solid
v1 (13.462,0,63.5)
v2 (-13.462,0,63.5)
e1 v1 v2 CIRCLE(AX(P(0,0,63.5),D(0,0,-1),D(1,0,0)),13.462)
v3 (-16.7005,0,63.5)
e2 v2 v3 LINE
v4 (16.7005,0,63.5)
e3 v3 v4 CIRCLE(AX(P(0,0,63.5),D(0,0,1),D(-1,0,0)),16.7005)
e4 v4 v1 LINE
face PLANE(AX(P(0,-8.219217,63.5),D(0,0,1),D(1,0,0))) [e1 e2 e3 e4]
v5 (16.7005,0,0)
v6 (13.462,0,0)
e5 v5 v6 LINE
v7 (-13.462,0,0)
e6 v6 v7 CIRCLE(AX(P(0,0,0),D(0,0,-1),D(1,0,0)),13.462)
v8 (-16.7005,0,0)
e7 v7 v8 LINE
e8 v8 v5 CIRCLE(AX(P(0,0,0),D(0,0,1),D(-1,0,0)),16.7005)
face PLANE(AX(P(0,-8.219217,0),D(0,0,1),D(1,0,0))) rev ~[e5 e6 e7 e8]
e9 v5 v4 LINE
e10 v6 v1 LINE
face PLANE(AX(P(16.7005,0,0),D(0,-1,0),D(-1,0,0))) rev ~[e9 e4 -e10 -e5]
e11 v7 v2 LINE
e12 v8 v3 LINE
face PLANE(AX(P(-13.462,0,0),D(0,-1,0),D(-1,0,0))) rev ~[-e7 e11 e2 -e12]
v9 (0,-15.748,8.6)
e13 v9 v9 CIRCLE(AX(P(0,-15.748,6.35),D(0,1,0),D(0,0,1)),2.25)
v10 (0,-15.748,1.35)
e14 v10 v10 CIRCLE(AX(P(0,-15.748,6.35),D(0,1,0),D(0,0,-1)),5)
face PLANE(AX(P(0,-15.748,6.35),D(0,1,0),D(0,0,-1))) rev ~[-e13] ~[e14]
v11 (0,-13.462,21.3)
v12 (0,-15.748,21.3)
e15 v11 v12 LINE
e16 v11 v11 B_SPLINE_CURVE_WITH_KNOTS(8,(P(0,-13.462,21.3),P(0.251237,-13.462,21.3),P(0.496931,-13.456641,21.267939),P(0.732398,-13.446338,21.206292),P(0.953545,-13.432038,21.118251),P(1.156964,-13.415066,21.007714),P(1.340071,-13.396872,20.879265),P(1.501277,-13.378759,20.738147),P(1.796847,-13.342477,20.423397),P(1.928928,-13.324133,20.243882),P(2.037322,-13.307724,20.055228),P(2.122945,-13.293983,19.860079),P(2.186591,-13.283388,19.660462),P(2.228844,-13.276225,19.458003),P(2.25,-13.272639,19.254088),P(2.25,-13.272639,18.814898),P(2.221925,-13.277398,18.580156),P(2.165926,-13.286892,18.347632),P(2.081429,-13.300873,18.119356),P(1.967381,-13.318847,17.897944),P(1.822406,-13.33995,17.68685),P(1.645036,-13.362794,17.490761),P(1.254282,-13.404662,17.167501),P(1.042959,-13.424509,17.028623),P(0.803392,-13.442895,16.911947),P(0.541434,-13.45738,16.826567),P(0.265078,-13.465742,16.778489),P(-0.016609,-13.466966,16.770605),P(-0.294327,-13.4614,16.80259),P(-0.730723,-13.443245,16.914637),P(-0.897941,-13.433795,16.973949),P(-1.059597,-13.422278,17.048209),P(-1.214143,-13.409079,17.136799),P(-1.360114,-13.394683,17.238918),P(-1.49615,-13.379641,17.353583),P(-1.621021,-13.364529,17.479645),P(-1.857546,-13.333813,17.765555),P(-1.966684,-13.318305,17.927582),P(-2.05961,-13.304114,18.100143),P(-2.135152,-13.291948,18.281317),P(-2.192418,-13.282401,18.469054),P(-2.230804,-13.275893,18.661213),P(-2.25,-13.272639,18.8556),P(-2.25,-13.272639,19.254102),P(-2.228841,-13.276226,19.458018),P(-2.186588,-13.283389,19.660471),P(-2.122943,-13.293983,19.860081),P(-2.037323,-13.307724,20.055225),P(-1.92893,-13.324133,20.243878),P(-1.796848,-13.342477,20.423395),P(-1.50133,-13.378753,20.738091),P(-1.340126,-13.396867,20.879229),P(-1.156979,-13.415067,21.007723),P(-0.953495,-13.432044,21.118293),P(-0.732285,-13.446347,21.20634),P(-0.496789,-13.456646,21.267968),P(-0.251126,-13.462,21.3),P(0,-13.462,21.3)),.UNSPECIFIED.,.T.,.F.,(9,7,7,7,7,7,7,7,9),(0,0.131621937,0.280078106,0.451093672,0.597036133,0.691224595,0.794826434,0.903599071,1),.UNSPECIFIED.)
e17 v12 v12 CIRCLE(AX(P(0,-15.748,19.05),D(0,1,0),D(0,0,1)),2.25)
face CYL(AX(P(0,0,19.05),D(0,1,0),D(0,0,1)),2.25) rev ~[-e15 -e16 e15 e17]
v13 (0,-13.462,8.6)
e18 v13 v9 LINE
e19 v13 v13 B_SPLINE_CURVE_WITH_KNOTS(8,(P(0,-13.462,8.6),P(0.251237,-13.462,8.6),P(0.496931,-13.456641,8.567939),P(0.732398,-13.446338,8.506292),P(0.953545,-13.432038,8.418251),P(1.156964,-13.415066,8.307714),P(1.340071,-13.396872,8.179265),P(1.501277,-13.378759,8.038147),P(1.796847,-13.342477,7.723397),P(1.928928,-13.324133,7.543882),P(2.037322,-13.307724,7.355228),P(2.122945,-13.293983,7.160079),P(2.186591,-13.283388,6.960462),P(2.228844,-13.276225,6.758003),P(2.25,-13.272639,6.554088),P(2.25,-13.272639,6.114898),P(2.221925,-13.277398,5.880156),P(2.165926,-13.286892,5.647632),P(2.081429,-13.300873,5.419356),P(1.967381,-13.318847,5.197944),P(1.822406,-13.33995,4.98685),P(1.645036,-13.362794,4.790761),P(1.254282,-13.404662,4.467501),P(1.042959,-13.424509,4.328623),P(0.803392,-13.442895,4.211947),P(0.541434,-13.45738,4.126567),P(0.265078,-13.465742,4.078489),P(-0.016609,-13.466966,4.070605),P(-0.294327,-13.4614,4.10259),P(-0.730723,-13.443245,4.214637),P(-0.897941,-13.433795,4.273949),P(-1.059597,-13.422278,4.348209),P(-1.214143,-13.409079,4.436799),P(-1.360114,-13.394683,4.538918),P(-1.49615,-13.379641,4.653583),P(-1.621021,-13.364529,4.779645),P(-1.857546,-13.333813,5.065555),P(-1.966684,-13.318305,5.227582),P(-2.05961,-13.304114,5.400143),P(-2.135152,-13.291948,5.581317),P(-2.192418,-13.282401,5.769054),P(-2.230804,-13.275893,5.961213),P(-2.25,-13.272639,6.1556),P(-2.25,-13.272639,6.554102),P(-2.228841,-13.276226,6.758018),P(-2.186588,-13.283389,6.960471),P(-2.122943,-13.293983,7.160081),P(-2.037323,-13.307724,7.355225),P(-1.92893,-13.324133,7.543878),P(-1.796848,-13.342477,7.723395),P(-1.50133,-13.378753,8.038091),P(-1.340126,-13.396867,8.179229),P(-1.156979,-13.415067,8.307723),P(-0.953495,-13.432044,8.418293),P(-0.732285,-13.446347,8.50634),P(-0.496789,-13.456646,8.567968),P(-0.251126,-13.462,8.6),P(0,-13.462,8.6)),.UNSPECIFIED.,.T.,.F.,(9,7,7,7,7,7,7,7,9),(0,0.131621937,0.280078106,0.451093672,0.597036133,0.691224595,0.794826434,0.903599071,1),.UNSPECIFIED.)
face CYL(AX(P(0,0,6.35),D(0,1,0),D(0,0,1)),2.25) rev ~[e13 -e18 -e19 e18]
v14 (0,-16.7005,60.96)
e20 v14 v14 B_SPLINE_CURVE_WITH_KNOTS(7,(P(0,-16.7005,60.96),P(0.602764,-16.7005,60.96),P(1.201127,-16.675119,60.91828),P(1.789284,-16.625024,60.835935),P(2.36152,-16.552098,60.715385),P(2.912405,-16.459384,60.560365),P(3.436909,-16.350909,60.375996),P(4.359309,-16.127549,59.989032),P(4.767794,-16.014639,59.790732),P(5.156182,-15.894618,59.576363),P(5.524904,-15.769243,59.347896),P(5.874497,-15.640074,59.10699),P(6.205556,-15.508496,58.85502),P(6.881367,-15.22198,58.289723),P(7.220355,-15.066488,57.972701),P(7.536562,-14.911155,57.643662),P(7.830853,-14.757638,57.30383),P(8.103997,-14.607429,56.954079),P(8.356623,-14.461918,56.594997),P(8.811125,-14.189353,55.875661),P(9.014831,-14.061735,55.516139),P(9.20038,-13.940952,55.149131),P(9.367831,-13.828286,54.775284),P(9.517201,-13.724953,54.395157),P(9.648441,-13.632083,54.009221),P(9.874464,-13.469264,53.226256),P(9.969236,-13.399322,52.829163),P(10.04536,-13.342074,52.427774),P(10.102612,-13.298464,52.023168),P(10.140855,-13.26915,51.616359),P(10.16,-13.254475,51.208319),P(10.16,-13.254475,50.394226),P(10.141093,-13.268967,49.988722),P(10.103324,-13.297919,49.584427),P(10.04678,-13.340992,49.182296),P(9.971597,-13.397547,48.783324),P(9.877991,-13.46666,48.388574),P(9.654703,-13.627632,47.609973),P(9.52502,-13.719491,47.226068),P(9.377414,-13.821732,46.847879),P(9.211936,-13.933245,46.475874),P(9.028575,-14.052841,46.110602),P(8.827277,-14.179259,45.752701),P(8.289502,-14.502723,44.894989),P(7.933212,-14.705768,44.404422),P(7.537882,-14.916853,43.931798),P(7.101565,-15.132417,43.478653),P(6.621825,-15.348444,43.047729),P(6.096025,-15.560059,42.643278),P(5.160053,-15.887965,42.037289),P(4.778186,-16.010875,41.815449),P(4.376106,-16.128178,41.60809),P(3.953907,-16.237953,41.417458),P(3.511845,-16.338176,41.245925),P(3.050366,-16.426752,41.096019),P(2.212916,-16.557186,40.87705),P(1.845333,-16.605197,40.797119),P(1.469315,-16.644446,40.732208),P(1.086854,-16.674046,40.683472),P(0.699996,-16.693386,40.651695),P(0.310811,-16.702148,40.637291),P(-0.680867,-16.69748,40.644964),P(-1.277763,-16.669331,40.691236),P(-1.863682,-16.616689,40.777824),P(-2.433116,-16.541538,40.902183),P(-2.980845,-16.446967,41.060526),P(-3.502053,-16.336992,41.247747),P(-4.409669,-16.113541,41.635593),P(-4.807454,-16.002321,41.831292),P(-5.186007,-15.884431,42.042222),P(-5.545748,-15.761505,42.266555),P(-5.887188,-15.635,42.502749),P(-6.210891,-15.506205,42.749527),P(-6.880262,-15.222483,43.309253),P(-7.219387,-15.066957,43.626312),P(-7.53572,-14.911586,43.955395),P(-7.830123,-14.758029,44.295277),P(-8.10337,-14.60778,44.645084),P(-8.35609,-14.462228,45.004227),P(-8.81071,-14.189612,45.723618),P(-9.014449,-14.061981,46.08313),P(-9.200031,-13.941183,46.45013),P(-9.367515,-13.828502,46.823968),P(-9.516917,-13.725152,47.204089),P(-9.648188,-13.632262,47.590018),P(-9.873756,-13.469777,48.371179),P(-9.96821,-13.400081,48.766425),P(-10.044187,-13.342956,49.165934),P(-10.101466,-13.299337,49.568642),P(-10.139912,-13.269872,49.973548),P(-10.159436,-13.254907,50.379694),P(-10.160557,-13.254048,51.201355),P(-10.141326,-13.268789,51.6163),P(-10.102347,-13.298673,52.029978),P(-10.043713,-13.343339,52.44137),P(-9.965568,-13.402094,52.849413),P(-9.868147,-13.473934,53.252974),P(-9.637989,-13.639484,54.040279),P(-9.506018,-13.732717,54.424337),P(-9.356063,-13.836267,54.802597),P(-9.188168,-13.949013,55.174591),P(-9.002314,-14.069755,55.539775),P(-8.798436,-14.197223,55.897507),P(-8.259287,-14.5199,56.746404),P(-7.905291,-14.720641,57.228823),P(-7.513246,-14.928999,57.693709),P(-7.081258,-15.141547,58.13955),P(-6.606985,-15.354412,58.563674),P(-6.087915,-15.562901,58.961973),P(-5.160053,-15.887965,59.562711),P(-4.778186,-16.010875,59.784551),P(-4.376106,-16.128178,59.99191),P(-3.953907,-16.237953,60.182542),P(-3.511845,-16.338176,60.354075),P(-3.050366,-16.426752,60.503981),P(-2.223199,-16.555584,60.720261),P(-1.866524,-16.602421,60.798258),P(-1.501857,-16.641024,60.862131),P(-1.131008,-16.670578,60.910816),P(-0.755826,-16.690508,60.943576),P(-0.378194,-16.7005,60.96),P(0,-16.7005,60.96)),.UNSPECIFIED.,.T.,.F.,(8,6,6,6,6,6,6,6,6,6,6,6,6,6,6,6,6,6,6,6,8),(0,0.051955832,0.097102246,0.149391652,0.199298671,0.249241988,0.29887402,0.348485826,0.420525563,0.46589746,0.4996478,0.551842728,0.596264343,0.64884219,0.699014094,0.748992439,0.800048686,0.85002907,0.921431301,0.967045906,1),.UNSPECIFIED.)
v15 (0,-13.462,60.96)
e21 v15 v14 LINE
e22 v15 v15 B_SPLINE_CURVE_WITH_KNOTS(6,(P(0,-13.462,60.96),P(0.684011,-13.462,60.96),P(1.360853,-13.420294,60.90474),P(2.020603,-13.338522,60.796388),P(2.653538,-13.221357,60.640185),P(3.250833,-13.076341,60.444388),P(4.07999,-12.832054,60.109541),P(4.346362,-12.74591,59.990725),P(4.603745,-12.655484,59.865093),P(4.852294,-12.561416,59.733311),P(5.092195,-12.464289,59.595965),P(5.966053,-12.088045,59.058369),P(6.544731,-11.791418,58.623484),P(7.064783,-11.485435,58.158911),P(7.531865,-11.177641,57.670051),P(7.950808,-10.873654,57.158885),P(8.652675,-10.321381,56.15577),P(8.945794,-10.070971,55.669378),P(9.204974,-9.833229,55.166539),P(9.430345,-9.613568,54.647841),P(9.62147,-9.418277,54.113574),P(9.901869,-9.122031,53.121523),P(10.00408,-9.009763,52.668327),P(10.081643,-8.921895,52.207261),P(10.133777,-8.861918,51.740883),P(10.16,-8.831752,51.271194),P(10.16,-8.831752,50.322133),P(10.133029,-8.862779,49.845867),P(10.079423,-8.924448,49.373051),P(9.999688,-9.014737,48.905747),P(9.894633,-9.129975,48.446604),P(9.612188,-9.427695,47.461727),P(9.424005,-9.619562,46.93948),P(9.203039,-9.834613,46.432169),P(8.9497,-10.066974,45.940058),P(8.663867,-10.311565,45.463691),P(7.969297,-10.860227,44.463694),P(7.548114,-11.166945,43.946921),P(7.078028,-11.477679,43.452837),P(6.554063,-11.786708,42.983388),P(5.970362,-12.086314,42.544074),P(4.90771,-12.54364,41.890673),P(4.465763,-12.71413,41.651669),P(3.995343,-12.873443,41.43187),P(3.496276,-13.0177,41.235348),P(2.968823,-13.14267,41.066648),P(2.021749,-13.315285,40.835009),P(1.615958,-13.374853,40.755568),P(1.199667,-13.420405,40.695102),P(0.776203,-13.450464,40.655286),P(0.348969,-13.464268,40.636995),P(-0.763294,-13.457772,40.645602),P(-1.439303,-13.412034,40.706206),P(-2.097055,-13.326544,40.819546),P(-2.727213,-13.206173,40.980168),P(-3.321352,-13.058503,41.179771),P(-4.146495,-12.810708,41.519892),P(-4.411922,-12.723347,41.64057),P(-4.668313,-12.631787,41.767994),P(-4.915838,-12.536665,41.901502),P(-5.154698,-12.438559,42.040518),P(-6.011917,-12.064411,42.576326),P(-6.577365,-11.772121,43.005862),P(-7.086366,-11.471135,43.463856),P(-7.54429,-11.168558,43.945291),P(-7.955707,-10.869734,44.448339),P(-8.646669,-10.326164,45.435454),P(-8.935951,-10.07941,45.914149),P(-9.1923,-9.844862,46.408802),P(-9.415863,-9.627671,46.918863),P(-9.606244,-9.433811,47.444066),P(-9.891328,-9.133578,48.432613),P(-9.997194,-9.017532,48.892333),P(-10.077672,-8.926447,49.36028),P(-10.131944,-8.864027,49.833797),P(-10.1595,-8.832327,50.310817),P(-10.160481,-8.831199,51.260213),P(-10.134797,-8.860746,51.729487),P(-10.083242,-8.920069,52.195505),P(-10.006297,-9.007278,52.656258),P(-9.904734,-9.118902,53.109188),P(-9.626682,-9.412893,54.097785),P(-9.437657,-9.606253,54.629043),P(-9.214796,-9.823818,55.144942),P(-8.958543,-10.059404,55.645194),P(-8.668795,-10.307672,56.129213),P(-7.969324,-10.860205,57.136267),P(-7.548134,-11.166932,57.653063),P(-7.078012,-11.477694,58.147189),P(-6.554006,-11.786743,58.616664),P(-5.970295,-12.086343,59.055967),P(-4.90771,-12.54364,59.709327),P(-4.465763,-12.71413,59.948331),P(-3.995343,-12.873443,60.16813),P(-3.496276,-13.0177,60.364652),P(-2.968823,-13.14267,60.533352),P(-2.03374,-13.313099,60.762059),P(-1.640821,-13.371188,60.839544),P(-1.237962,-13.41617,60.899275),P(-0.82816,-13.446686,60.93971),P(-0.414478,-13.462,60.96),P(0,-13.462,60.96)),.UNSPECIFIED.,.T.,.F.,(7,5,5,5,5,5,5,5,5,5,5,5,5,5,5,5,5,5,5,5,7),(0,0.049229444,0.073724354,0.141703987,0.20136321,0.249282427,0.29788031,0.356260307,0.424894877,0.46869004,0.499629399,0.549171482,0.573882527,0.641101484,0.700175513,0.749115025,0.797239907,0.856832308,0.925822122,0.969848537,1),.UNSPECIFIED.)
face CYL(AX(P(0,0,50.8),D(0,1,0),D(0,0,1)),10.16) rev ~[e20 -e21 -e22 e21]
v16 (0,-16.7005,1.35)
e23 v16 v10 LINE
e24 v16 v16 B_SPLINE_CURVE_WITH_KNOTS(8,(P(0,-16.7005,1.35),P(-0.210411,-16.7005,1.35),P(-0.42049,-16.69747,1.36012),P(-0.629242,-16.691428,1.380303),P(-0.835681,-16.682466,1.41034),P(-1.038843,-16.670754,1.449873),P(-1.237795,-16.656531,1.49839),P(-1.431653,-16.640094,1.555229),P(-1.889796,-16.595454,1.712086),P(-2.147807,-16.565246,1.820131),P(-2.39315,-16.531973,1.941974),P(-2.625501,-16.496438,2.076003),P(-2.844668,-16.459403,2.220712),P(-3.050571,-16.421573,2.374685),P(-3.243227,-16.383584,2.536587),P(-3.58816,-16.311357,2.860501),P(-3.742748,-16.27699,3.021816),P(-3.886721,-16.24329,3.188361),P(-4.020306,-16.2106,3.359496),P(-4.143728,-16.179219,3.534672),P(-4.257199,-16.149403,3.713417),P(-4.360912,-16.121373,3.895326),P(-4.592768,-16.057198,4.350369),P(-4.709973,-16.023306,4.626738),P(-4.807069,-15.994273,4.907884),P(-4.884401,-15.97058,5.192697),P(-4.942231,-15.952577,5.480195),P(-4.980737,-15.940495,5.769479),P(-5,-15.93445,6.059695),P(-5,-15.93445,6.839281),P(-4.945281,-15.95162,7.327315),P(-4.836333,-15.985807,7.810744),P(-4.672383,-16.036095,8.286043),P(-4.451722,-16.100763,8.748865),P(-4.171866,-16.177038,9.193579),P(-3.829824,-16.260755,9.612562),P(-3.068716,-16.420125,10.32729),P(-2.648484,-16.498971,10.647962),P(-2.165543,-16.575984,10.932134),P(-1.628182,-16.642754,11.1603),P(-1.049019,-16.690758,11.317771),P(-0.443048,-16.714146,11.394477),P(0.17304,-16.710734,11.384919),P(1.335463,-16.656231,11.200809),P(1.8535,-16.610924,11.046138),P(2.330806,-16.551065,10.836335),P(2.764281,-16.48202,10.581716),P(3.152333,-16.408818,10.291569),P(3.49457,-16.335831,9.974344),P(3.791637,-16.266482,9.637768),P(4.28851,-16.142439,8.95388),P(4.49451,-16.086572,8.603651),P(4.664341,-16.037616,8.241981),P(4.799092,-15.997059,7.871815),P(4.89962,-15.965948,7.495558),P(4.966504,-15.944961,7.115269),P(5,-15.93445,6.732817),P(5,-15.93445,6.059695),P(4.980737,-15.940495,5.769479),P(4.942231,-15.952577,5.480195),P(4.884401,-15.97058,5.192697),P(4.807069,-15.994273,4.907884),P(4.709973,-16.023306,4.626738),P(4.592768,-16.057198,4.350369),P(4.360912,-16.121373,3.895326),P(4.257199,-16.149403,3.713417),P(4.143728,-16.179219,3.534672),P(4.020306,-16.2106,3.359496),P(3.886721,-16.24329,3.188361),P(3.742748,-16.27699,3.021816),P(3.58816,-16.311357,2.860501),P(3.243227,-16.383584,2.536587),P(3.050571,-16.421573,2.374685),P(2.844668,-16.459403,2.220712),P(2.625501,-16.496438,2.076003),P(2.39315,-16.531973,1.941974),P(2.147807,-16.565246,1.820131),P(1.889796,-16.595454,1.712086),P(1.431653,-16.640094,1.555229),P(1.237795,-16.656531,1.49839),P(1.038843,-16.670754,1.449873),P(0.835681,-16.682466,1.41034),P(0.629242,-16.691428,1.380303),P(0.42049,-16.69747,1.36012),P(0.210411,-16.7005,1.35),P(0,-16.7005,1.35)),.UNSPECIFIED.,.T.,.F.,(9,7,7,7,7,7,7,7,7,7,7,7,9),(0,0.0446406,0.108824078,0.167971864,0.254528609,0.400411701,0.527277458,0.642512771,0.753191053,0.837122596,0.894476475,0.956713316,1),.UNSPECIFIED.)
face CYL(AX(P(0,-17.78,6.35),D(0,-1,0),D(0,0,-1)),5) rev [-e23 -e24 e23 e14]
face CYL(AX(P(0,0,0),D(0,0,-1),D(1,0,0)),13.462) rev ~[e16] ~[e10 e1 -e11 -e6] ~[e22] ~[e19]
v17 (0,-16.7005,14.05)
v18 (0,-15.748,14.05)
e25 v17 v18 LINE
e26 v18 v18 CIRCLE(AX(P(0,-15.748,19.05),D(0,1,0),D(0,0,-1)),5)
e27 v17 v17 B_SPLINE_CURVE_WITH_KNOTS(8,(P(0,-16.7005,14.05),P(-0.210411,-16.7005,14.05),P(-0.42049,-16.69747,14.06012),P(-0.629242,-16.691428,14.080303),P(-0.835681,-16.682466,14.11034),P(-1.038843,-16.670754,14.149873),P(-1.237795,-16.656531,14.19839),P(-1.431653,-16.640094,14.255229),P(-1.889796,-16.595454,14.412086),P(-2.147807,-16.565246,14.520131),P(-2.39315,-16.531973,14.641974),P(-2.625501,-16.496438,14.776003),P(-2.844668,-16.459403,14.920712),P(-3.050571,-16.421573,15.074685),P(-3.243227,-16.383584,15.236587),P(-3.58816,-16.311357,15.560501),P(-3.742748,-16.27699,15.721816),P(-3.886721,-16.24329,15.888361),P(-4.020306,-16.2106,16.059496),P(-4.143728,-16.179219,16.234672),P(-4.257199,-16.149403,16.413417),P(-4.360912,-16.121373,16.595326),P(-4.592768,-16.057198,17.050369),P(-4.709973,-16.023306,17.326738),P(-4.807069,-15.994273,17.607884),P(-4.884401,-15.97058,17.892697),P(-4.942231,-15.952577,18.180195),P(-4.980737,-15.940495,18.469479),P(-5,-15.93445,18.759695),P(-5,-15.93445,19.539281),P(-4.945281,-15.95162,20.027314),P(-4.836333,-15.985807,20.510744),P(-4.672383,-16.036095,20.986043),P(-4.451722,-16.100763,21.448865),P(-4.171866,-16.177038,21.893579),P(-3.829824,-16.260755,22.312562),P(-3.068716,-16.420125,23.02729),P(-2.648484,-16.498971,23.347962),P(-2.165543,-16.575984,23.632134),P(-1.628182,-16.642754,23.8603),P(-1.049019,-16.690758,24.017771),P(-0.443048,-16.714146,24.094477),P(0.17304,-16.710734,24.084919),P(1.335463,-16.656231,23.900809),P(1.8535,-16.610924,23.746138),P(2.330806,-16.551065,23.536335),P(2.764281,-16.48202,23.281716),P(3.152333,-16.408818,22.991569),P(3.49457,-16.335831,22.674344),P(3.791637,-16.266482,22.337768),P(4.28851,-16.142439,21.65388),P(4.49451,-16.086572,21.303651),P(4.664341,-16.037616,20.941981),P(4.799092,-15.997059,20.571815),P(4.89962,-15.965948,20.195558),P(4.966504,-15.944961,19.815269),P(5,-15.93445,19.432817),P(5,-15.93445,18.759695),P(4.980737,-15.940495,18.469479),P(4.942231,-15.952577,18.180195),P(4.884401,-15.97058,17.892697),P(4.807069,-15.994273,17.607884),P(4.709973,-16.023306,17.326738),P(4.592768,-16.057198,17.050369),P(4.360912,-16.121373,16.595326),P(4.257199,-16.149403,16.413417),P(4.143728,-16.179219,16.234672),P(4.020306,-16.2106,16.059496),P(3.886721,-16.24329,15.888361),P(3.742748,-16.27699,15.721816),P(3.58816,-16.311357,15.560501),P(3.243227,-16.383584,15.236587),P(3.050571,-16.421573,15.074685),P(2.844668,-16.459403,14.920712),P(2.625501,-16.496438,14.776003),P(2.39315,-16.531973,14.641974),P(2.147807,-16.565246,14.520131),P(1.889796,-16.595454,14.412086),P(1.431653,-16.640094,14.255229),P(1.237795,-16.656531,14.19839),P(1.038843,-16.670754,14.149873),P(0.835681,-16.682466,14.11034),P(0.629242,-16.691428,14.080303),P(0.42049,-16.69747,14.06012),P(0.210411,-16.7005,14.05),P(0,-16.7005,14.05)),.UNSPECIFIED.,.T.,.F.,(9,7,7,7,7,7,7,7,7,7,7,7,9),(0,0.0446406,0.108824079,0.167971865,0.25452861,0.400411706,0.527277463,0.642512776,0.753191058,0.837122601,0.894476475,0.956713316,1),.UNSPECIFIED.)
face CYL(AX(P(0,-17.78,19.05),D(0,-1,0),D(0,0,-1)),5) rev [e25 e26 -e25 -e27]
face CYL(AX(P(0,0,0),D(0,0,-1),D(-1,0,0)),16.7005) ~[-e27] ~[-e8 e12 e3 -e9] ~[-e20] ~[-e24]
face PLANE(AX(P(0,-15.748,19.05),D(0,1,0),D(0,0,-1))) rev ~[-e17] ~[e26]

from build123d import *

# Parameters (mm, degrees)
BOSS_EXTRUDE1_DEPTH     = 63.5
CUT_EXTRUDE1_REACH      = 69.75
CUT_EXTRUDE1_END_RADIUS = 16.7005
SKETCH2_R               = 10.16
CUT_EXTRUDE2_REACH      = 69.75
CUT_EXTRUDE2_END_RADIUS = 16.7005
SKETCH5_R               = 2.25
SKETCH8_R               = 5
CUT_EXTRUDE4_DEPTH      = 2.032


with BuildPart() as part:
    # Sketch1 → Boss-Extrude1 (new body)
    with BuildSketch(Plane.XY):
        with BuildLine():
            ThreePointArc((13.462, 0), (0, -13.462), (-13.462, 0))
            Line((-13.462, 0), (-16.7005, 0))
            ThreePointArc((-16.7005, 0), (0, -16.7005), (16.7005, 0))
            Line((16.7005, 0), (13.462, 0))
        make_face()
    extrude(amount=BOSS_EXTRUDE1_DEPTH)

    # Cut-Extrude1: up to this cylinder (the profile starts inside it)
    cut_extrude1_end = Plane(origin=(0, 0, 50.8), z_dir=(0, 0, -1)) * Cylinder(CUT_EXTRUDE1_END_RADIUS, 173.901, mode=Mode.PRIVATE)
    # Sketch2 → Cut-Extrude1 (cut, up to the surface)
    with BuildSketch(Plane(origin=(0, 0, 0), x_dir=(1, 0, 0), z_dir=(0, 1, 0)), mode=Mode.PRIVATE) as cut_extrude1_sk1:
        with Locations(Location((0, -50.8, 0), (0, 0, 270))):
            Circle(SKETCH2_R)
    cut_extrude1_tool1 = extrude(cut_extrude1_sk1.sketch, amount=-CUT_EXTRUDE1_REACH, mode=Mode.PRIVATE) & cut_extrude1_end
    add(cut_extrude1_tool1.solids().sort_by_distance((0, 0, 50.8))[0], mode=Mode.SUBTRACT)

    # Cut-Extrude2: up to this cylinder (the profile starts inside it)
    cut_extrude2_end = Plane(origin=(0, 0, 12.7), z_dir=(0, 0, -1)) * Cylinder(CUT_EXTRUDE2_END_RADIUS, 186.601, mode=Mode.PRIVATE)
    # Sketch5 → Cut-Extrude2 (cut, up to the surface)
    with BuildSketch(Plane(origin=(0, 0, 0), x_dir=(1, 0, 0), z_dir=(0, 1, 0)), mode=Mode.PRIVATE) as cut_extrude2_sk1:
        with Locations(Location((0, -6.35, 0), (0, 0, 270))):
            Circle(SKETCH5_R)
    cut_extrude2_tool1 = extrude(cut_extrude2_sk1.sketch, amount=-CUT_EXTRUDE2_REACH, mode=Mode.PRIVATE) & cut_extrude2_end
    add(cut_extrude2_tool1.solids().sort_by_distance((0, 0, 6.35))[0], mode=Mode.SUBTRACT)
    # Sketch5 → Cut-Extrude2 (cut, up to the surface)
    with BuildSketch(Plane(origin=(0, 0, 0), x_dir=(1, 0, 0), z_dir=(0, 1, 0)), mode=Mode.PRIVATE) as cut_extrude2_sk2:
        with Locations(Location((0, -19.05, 0), (0, 0, 270))):
            Circle(SKETCH5_R)
    cut_extrude2_tool2 = extrude(cut_extrude2_sk2.sketch, amount=-CUT_EXTRUDE2_REACH, mode=Mode.PRIVATE) & cut_extrude2_end
    add(cut_extrude2_tool2.solids().sort_by_distance((0, 0, 19.05))[0], mode=Mode.SUBTRACT)

    # Sketch8 → Cut-Extrude4 (cut)
    with BuildSketch(Plane(origin=(0, -17.78, 0), x_dir=(1, 0, 0), z_dir=(0, 1, 0))):
        with Locations(Location((0, -6.35, 0), (0, 0, 90))):
            Circle(SKETCH8_R)
        with Locations(Location((0, -19.05, 0), (0, 0, 90))):
            Circle(SKETCH8_R)
    extrude(amount=CUT_EXTRUDE4_DEPTH, mode=Mode.SUBTRACT)


solid = part.part
